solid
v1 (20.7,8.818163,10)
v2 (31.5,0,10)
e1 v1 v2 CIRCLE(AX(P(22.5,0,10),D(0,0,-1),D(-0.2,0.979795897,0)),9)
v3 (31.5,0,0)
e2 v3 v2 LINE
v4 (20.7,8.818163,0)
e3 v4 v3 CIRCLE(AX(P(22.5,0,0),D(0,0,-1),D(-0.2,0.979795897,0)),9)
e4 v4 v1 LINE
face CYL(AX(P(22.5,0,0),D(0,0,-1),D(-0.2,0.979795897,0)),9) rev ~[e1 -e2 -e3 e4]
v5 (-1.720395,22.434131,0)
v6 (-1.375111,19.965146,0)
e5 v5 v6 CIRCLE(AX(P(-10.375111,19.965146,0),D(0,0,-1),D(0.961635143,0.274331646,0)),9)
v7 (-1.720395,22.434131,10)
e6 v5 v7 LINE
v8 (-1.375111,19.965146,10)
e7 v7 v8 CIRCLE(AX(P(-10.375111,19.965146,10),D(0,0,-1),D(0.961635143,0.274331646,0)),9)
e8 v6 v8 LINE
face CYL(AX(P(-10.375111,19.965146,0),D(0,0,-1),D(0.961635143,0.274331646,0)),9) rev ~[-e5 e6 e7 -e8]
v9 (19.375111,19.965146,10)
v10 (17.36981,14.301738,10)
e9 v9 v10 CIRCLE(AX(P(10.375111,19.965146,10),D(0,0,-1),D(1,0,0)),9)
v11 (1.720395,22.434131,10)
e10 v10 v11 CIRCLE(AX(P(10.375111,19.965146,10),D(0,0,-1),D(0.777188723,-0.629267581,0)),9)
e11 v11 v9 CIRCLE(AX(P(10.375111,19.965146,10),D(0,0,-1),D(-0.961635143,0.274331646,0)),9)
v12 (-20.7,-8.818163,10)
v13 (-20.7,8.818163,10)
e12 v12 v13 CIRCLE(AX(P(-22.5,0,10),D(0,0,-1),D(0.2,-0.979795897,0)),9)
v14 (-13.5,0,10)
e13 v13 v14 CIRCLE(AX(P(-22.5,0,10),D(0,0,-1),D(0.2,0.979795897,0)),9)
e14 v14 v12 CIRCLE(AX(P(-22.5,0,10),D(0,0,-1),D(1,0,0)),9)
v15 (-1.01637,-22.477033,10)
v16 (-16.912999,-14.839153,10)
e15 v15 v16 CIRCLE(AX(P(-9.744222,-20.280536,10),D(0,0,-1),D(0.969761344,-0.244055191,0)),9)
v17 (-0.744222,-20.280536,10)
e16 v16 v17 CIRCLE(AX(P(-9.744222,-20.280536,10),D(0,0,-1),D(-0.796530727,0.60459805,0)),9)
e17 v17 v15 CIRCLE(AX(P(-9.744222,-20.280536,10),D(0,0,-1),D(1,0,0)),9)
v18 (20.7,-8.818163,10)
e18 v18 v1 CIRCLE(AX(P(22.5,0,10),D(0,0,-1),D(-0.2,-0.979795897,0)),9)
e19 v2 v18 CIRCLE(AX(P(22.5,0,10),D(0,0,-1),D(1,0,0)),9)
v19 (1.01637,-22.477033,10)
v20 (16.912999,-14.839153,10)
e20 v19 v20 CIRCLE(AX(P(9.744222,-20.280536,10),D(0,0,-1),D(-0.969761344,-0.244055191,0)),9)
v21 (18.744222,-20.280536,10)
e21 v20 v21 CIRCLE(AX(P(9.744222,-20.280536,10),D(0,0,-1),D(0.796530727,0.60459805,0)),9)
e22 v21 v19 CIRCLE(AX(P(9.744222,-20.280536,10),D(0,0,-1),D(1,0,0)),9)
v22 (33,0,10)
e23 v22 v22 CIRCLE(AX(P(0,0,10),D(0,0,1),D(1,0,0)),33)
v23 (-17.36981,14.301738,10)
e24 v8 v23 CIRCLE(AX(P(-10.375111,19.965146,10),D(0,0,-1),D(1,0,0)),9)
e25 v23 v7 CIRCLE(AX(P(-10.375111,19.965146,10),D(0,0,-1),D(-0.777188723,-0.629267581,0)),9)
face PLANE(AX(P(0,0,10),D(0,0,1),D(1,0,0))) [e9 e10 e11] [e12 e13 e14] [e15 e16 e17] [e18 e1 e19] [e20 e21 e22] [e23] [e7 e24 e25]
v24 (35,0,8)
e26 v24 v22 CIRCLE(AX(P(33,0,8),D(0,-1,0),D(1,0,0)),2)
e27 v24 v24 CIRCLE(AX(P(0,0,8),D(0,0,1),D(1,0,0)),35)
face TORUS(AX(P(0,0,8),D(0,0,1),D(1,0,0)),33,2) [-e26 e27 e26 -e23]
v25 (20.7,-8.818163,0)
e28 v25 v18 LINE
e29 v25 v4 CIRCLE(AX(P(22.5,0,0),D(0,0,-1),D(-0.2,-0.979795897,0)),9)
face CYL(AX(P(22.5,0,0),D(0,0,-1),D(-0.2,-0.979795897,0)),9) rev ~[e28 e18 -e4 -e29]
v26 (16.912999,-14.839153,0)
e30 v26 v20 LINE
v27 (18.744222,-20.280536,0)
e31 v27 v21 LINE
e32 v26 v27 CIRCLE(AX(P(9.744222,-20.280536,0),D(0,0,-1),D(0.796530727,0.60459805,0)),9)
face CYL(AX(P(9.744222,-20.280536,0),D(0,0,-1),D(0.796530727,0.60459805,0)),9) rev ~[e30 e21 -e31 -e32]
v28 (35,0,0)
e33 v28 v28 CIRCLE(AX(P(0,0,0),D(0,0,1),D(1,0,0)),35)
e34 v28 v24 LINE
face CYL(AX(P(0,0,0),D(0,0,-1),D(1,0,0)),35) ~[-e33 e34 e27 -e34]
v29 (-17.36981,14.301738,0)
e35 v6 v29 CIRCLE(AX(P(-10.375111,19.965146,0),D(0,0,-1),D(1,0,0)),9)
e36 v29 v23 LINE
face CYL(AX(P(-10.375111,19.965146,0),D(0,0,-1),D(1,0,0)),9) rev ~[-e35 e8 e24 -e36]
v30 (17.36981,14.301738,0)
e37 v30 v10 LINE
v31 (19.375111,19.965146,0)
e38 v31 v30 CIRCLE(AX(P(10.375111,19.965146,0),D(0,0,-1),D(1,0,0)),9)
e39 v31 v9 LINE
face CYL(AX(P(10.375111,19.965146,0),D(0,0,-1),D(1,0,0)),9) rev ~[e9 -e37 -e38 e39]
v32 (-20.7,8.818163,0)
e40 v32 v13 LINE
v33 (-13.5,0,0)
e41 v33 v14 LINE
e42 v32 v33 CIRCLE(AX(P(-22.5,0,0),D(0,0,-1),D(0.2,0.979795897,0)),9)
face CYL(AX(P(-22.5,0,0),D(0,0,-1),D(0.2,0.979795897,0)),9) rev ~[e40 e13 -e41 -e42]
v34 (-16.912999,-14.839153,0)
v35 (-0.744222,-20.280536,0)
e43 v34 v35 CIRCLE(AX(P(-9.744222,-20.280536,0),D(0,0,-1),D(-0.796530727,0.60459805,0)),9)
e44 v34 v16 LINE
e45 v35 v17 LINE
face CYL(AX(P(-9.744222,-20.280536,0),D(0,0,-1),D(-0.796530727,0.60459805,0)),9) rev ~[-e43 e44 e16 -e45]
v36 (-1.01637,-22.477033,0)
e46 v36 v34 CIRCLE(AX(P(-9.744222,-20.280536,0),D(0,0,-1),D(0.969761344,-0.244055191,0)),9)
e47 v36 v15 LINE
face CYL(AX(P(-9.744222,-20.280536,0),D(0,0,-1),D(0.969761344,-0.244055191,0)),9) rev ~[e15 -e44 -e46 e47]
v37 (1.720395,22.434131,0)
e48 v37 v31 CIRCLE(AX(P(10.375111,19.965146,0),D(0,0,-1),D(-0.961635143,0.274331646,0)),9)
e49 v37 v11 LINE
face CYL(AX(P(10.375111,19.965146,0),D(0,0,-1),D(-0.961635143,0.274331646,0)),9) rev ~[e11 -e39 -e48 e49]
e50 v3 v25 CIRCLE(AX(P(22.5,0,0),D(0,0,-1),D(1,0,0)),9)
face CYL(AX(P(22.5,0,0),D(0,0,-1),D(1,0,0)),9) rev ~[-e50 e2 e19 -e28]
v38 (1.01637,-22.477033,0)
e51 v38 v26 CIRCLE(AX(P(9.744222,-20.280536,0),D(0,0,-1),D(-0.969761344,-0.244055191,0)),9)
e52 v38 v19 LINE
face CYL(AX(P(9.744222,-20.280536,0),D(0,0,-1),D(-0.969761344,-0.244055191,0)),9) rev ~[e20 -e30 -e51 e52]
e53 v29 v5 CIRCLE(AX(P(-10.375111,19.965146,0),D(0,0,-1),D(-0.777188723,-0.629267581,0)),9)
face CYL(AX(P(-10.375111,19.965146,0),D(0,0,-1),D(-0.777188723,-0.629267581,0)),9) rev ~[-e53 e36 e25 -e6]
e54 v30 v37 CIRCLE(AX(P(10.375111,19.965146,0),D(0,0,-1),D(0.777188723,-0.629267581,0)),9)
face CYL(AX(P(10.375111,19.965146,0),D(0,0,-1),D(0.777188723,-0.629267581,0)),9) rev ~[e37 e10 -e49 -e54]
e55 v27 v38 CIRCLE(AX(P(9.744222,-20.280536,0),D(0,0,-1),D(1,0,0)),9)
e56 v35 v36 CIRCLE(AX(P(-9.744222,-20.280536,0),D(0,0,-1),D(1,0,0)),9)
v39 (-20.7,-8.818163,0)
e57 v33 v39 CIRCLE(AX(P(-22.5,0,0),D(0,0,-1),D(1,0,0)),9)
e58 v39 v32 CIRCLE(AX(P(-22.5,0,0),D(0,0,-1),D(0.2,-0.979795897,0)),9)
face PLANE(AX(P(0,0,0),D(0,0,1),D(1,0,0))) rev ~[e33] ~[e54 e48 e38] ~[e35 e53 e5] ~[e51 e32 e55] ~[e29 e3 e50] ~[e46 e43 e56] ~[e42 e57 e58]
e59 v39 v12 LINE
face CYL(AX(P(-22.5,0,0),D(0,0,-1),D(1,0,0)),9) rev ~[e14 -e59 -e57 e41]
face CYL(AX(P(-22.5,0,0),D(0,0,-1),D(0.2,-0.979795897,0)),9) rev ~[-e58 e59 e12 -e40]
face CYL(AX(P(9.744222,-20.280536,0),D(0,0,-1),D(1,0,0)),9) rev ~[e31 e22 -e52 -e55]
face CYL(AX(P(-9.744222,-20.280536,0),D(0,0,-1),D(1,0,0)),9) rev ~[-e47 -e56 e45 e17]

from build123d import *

# Parameters (mm, degrees)
F0_R     = 35
F1_DEPTH = 10
F2_R     = 2


with BuildPart() as f1:
    # F0 (on Top) → F1 (new body)
    with BuildSketch(Plane.XY):
        Circle(F0_R)
        with BuildLine():
            ThreePointArc((17.3698096203, 14.3017381376), (19.2313546065, 11.6792551132), (20.7, 8.818163074))
            ThreePointArc((20.7, 8.818163074), (28.1920997883, 6.9713700232), (31.5, 0))
            ThreePointArc((31.5, 0), (28.1920997883, -6.9713700232), (20.7, -8.818163074))
            ThreePointArc((20.7, -8.818163074), (19.045931324, -11.9792528982), (16.9129987609, -14.839153376))
            ThreePointArc((16.9129987609, -14.839153376), (18.2741398317, -17.409907743), (18.7442222222, -20.2805358234))
            ThreePointArc((18.7442222222, -20.2805358234), (10.8508683157, -29.2122397159), (1.016370128, -22.4770325391))
            ThreePointArc((1.016370128, -22.4770325391), (0, -22.5), (-1.016370128, -22.4770325391))
            ThreePointArc((-1.016370128, -22.4770325391), (-13.6419111111, -28.3927501528), (-16.9129987609, -14.839153376))
            ThreePointArc((-16.9129987609, -14.839153376), (-19.045931324, -11.9792528982), (-20.7, -8.818163074))
            ThreePointArc((-20.7, -8.818163074), (-31.5, 0), (-20.7, 8.818163074))
            ThreePointArc((-20.7, 8.818163074), (-19.2313546065, 11.6792551132), (-17.3698096203, 14.3017381376))
            ThreePointArc((-17.3698096203, 14.3017381376), (-14.5251555556, 27.951204913), (-1.7203948242, 22.4341311766))
            ThreePointArc((-1.7203948242, 22.4341311766), (0, 22.5), (1.7203948242, 22.4341311766))
            ThreePointArc((1.7203948242, 22.4341311766), (11.6216169109, 28.8784074582), (19.3751111111, 19.9651463664))
            ThreePointArc((19.3751111111, 19.9651463664), (18.8589865988, 16.9611728797), (17.3698096203, 14.3017381376))
        make_face(mode=Mode.SUBTRACT)
        with BuildLine():
            ThreePointArc((20.7, -8.818163074), (13.5, 0), (20.7, 8.818163074))
            ThreePointArc((20.7, 8.818163074), (19.2313546065, 11.6792551132), (17.3698096203, 14.3017381376))
            ThreePointArc((17.3698096203, 14.3017381376), (6.2250666667, 11.9790878198), (1.7203948242, 22.4341311766))
            ThreePointArc((1.7203948242, 22.4341311766), (0, 22.5), (-1.7203948242, 22.4341311766))
            ThreePointArc((-1.7203948242, 22.4341311766), (-1.4618500193, 21.2116521662), (-1.3751111111, 19.9651463664))
            ThreePointArc((-1.3751111111, 19.9651463664), (-7.3711376244, 11.4812708787), (-17.3698096203, 14.3017381376))
            ThreePointArc((-17.3698096203, 14.3017381376), (-19.2313546065, 11.6792551132), (-20.7, 8.818163074))
            ThreePointArc((-20.7, 8.818163074), (-15.5286299768, 5.6920997883), (-13.5, 0))
            ThreePointArc((-13.5, 0), (-15.5286299768, -5.6920997883), (-20.7, -8.818163074))
            ThreePointArc((-20.7, -8.818163074), (-19.045931324, -11.9792528982), (-16.9129987609, -14.839153376))
            ThreePointArc((-16.9129987609, -14.839153376), (-6.8735941418, -11.750618214), (-0.7442222222, -20.2805358234))
            ThreePointArc((-0.7442222222, -20.2805358234), (-0.8125183297, -21.3871819169), (-1.016370128, -22.4770325391))
            ThreePointArc((-1.016370128, -22.4770325391), (0, -22.5), (1.016370128, -22.4770325391))
            ThreePointArc((1.016370128, -22.4770325391), (5.8465333333, -12.168321494), (16.9129987609, -14.839153376))
            ThreePointArc((16.9129987609, -14.839153376), (19.045931324, -11.9792528982), (20.7, -8.818163074))
        make_face()
    extrude(amount=F1_DEPTH)

    # F2
    f2_edges = [f1.edges().sort_by_distance(p)[0] for p in [
        (-35, 0, 10),
    ]]
    fillet(f2_edges, radius=F2_R)


solid = f1.part
